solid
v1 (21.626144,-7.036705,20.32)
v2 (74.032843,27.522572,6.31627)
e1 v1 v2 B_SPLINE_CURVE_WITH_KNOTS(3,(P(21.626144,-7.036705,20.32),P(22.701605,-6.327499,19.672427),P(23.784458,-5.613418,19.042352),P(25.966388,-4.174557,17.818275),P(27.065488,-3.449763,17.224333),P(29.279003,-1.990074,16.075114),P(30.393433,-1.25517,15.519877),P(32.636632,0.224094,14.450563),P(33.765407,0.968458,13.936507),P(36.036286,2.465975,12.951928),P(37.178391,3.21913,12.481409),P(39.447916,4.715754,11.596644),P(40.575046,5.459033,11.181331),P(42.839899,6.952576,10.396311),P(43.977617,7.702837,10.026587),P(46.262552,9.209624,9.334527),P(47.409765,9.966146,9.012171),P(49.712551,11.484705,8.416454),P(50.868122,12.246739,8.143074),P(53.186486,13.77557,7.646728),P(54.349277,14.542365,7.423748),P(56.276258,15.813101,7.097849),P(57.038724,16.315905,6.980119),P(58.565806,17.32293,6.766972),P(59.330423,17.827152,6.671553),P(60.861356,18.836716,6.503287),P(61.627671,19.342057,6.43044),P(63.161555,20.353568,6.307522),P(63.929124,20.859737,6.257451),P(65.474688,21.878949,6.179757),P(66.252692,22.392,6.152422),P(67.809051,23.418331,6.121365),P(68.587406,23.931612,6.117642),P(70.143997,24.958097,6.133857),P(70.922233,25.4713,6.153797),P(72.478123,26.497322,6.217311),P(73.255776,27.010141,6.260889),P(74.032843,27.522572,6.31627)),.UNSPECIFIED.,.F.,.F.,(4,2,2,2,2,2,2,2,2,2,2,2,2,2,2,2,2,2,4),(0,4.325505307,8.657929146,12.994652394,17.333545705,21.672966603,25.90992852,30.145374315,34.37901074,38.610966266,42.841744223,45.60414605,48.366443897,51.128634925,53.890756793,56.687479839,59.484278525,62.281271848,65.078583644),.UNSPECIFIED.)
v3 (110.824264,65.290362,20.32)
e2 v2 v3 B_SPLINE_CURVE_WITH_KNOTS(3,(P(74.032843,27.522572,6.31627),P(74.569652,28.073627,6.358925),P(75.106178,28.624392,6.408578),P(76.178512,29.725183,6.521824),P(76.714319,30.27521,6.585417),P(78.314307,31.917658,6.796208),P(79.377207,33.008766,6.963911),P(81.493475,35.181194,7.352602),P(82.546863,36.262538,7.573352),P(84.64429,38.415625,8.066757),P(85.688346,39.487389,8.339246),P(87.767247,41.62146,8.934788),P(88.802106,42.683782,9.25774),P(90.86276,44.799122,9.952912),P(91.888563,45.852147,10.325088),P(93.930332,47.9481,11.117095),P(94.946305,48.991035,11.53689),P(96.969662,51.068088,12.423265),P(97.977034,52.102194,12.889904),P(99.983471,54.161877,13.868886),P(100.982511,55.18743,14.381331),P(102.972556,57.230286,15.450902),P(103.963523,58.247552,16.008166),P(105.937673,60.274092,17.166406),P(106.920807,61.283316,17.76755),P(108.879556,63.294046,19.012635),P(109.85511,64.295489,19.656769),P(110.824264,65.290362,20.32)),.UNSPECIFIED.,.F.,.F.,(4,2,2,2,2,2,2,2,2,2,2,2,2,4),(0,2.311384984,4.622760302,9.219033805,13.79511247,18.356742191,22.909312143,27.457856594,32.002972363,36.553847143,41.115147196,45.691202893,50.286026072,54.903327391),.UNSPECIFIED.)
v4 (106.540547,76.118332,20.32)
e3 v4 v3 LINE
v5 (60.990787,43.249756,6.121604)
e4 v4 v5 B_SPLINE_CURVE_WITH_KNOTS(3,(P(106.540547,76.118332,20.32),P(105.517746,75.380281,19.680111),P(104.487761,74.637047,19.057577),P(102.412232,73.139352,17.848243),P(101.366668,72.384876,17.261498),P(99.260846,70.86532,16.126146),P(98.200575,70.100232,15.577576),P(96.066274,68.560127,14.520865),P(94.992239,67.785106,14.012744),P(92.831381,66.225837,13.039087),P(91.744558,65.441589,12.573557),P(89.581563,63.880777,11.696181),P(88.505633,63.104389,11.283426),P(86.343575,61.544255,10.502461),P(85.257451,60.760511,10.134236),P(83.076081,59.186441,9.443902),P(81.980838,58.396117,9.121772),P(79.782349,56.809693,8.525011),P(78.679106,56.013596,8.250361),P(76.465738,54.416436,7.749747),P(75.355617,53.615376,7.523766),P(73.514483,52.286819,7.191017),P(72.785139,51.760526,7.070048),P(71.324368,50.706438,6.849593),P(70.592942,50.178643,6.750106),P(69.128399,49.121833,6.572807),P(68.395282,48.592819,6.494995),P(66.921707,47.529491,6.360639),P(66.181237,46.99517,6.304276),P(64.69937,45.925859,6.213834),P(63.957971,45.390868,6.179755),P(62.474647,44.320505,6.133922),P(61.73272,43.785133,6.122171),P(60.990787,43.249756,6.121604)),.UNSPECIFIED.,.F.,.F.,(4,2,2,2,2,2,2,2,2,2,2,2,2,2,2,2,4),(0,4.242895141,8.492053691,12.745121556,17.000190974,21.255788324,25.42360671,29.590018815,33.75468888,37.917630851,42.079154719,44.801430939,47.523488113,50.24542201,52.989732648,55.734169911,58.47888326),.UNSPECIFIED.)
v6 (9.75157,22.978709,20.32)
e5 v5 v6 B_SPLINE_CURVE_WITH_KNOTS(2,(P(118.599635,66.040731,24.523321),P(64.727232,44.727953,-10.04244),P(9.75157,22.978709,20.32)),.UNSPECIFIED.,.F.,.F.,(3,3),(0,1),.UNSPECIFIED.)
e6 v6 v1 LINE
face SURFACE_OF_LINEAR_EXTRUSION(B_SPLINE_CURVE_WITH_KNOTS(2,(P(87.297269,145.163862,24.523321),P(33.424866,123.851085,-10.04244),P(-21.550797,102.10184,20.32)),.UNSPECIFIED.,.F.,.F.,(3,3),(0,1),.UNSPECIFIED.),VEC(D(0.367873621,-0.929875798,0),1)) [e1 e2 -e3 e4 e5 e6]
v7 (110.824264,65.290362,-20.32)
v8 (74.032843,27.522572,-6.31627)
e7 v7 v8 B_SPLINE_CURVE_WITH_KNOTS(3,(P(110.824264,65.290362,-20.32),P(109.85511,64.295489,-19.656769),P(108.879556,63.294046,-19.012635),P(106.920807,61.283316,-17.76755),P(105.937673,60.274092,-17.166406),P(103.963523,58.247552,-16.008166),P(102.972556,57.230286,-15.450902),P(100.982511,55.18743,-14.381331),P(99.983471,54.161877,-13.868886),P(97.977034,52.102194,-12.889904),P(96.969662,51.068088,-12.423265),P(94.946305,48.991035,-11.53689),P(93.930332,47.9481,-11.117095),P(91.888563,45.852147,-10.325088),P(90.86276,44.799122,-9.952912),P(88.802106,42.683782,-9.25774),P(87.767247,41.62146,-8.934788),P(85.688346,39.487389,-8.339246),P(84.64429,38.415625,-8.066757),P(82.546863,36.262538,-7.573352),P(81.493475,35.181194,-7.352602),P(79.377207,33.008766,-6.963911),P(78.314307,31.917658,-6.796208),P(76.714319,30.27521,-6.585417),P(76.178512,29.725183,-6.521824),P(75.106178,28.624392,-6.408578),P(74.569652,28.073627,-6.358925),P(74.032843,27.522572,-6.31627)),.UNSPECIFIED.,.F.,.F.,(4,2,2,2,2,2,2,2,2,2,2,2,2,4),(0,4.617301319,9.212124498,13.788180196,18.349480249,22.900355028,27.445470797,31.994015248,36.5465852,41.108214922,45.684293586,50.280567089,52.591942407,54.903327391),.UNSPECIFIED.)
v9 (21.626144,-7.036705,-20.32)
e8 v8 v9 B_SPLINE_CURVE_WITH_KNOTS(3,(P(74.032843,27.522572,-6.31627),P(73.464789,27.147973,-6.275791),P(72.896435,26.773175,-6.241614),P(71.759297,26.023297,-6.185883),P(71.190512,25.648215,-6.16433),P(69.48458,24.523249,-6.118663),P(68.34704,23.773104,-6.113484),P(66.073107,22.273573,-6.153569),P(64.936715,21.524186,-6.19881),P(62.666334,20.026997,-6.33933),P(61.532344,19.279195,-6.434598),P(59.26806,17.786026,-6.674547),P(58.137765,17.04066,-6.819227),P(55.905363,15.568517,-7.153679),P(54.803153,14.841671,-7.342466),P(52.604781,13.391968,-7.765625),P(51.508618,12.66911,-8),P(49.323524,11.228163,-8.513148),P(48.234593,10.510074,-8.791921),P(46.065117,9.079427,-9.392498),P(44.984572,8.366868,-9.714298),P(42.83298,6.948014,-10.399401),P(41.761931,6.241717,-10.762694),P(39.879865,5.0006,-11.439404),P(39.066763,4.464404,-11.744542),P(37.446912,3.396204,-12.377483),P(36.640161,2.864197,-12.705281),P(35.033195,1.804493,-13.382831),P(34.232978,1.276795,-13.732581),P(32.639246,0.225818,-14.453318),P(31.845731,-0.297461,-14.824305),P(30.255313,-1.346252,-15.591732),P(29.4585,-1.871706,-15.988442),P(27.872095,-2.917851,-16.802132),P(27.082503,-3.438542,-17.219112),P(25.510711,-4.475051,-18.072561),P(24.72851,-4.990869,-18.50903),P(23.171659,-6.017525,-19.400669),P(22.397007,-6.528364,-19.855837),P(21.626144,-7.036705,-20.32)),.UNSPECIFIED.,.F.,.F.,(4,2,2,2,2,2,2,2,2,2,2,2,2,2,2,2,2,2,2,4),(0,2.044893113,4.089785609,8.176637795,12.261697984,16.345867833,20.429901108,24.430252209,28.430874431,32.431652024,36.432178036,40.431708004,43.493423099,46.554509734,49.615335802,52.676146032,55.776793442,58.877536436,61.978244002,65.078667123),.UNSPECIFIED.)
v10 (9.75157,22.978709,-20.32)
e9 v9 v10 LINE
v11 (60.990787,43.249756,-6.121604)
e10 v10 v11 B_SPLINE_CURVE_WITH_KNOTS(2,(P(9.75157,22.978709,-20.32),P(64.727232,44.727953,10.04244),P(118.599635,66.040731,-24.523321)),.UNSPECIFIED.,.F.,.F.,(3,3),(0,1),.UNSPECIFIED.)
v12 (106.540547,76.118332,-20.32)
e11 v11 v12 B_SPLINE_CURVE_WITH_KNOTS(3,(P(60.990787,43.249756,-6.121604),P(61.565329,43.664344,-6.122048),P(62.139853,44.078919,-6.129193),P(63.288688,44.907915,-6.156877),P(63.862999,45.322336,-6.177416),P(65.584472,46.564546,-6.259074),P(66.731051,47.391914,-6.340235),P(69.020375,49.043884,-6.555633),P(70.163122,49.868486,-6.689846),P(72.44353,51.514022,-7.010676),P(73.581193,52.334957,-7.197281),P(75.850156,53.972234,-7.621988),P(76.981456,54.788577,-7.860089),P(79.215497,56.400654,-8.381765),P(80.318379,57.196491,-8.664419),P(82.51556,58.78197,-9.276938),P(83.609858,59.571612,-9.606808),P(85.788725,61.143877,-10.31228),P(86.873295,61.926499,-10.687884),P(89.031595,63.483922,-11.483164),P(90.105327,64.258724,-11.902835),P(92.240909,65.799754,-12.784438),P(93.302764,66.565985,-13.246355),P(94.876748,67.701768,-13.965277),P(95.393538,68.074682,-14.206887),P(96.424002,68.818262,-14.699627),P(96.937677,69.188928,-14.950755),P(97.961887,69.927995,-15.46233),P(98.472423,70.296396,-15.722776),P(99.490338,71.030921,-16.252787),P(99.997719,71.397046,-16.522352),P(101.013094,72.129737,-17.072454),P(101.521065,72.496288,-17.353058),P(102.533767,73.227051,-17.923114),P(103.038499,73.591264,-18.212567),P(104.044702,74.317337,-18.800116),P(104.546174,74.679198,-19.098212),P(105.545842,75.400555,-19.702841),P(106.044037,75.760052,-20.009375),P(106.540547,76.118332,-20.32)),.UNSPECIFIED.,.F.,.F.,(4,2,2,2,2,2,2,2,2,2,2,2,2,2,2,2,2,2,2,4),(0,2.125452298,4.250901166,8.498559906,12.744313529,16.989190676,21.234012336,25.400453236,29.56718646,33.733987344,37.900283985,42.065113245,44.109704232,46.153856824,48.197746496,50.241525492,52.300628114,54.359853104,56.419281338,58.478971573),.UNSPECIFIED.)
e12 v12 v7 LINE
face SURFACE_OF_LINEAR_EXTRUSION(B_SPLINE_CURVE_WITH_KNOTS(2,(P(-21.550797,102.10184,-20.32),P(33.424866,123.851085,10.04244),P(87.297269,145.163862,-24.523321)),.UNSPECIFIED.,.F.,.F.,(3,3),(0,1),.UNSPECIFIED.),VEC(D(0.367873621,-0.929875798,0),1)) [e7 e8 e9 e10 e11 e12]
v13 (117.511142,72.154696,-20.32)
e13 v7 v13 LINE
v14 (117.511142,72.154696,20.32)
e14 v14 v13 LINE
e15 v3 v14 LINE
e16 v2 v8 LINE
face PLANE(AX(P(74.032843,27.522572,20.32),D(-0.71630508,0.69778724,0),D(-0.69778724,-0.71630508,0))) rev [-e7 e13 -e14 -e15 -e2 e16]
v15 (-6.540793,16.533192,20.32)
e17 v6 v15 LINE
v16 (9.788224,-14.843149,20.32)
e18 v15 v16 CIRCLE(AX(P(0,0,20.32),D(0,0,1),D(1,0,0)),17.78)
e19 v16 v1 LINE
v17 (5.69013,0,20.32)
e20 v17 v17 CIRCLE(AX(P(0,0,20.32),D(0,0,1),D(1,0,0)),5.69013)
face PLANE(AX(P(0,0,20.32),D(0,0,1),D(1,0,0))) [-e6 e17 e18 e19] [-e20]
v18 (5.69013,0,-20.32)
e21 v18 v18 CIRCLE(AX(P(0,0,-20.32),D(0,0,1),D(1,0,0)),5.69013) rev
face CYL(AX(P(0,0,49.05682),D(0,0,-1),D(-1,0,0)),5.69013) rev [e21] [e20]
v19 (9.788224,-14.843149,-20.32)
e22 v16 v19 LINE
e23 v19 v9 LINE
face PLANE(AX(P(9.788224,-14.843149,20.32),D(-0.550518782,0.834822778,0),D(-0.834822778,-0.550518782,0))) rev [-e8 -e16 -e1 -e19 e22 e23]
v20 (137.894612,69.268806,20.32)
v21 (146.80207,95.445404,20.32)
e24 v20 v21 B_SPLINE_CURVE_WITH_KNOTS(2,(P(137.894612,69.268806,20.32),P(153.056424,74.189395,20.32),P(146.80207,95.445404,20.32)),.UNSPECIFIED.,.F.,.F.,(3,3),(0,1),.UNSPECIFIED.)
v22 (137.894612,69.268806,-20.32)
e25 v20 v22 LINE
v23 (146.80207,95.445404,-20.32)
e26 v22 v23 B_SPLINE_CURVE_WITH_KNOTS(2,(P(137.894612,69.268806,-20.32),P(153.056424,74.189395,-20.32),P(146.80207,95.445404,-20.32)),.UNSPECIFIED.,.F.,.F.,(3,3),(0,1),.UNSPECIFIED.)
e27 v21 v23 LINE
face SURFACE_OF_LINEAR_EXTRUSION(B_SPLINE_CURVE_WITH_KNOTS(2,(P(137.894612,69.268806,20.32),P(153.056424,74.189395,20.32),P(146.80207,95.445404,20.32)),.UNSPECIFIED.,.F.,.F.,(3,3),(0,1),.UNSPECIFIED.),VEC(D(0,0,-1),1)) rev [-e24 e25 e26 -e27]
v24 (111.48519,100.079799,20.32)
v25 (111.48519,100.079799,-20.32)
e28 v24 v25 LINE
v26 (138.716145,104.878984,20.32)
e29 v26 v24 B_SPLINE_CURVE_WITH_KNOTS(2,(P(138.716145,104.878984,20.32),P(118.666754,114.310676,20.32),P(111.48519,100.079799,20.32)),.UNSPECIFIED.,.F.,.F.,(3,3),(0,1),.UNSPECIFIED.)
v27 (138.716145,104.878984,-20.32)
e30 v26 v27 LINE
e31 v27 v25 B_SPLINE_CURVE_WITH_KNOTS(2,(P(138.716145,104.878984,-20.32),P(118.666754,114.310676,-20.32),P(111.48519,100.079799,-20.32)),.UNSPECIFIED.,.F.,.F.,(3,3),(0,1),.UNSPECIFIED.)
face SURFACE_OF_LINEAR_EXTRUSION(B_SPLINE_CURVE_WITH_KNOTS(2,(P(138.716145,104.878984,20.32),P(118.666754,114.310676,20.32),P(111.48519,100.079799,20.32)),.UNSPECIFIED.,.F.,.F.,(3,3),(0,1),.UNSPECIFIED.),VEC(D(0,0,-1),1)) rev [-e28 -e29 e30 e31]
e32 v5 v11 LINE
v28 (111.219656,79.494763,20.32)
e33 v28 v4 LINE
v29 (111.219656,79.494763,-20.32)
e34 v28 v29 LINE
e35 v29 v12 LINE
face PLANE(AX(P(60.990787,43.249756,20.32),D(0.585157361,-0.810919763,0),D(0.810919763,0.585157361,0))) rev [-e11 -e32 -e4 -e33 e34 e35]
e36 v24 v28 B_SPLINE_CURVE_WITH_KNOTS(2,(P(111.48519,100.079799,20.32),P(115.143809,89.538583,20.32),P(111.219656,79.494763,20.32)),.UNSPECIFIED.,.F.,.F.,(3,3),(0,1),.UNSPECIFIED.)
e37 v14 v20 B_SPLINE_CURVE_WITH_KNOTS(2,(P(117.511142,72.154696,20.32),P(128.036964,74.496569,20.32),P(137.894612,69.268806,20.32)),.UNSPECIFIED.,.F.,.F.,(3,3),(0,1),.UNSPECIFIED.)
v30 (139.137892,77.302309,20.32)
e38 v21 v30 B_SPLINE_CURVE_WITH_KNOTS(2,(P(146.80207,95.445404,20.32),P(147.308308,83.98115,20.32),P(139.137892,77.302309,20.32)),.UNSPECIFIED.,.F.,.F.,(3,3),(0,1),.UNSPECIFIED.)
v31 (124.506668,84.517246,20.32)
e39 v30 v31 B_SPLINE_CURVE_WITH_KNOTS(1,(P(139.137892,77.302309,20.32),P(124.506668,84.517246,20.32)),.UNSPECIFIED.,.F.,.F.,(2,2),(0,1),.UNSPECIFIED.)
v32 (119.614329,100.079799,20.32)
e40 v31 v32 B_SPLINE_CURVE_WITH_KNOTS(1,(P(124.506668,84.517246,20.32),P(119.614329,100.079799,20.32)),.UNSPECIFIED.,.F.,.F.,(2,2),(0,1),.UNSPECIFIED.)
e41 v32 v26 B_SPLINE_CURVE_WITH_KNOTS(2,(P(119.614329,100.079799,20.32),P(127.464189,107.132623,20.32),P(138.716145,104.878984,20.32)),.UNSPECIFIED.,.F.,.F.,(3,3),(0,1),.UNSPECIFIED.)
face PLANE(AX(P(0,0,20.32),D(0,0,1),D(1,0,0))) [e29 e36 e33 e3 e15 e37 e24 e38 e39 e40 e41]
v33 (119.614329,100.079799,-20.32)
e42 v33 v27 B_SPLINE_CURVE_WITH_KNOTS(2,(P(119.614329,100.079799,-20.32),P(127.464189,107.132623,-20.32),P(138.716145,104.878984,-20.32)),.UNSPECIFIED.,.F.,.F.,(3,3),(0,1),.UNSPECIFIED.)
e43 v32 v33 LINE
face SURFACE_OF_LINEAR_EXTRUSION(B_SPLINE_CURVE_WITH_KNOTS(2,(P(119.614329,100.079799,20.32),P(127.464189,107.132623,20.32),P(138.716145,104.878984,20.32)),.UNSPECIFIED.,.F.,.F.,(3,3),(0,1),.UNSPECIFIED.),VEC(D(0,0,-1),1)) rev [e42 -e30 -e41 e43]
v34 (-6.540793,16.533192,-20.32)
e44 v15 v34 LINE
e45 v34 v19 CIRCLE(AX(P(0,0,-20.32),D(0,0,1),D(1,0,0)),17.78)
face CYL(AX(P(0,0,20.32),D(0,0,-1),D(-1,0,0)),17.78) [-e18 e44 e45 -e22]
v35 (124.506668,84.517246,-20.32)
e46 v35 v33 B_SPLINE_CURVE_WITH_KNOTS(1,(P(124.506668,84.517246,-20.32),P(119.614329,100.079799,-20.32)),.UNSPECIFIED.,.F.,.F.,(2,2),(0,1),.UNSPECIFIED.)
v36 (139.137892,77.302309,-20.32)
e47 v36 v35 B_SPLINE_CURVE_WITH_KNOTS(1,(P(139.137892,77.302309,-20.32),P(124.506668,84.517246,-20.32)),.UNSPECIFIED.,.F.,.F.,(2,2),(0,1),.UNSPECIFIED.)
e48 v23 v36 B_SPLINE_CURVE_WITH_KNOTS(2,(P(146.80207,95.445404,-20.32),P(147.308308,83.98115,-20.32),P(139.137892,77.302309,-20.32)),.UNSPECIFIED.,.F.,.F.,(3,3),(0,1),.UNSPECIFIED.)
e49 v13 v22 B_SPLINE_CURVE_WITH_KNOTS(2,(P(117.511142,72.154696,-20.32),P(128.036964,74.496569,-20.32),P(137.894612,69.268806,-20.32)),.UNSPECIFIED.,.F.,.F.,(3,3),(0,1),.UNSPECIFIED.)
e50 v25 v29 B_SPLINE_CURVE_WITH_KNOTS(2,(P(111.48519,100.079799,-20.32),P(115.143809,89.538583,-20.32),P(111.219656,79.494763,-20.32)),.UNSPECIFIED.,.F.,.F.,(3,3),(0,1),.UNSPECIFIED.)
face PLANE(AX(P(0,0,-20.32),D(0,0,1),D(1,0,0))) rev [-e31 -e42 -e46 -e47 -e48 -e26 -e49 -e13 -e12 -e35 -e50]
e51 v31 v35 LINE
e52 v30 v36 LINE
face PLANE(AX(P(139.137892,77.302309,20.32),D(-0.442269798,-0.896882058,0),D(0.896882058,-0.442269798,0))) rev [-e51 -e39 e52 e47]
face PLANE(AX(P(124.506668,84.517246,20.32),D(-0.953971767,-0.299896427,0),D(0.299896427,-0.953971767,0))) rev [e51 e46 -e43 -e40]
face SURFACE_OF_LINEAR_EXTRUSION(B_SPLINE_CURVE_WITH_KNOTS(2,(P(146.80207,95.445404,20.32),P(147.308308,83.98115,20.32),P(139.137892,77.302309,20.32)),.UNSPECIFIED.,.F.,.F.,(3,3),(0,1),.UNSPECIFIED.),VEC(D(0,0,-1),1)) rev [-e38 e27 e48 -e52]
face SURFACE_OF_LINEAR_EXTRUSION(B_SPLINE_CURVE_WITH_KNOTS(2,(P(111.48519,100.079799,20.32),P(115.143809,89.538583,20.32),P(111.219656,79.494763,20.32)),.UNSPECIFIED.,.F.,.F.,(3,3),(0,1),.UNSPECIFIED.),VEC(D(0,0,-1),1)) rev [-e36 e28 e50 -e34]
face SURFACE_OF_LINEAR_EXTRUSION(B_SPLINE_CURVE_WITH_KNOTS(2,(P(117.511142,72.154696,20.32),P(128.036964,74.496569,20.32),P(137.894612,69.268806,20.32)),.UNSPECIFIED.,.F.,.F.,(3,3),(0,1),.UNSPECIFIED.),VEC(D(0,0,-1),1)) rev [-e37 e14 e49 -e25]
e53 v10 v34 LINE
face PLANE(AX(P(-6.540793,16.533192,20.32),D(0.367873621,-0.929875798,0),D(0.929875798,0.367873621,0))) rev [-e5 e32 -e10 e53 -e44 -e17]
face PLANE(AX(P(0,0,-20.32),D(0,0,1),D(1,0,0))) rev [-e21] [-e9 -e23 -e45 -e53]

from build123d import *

# Parameters (mm, degrees)
BOSS_EXTRUDE1_DEPTH             = 20.32
BOSS_EXTRUDE1_DEPTH_BACK        = 20.32
SKETCH1_R                       = 10.16
CUT_EXTRUDE2_DEPTH              = 85.09
CUT_EXTRUDE2_DEPTH_BACK         = 85.09
BOSS_EXTRUDE2_REACH             = 187.218
SKETCH4_R                       = 10.16
SKETCH4_R_2                     = 5.690130056
BOSS_EXTRUDE2_DIRECTION_2_REACH = 187.218


with BuildPart() as part:
    # Sketch1 → Boss-Extrude1 (new, two sides: drawn at the far end of the back side and taken through both)
    with BuildSketch(Plane.XY.offset(-BOSS_EXTRUDE1_DEPTH_BACK)):
        with BuildLine():
            Line((-6.540792976, 16.533191684), (60.990787353, 43.249756441))
            Line((60.990787353, 43.249756441), (111.219656073, 79.494763154))
            add(Edge.make_bspline(
                [(111.219656073, 79.494763154), (115.143809103, 89.538582986), (111.485189552, 100.079798905)],
                knots=[0, 0, 0, 1, 1, 1], degree=2))
            add(Edge.make_bspline(
                [(111.485189552, 100.079798905), (118.666753914, 114.310676005), (138.716144692, 104.878983682)],
                knots=[0, 0, 0, 1, 1, 1], degree=2))
            add(Edge.make_bspline(
                [(119.614328761, 100.079798905), (127.464188518, 107.13262314), (138.716144692, 104.878983682)],
                knots=[0, 0, 0, 1, 1, 1], degree=2))
            Line((119.614328761, 100.079798905), (124.506668386, 84.517246437))
            Line((124.506668386, 84.517246437), (139.137891823, 77.302308665))
            add(Edge.make_bspline(
                [(139.137891823, 77.302308665), (147.308308442, 83.981149896), (146.802069804, 95.445404385)],
                knots=[0, 0, 0, 1, 1, 1], degree=2))
            add(Edge.make_bspline(
                [(137.894611709, 69.268806388), (153.056423627, 74.189394673), (146.802069804, 95.445404385)],
                knots=[0, 0, 0, 1, 1, 1], degree=2))
            add(Edge.make_bspline(
                [(117.511141846, 72.154696419), (128.036963673, 74.496569321), (137.894611709, 69.268806388)],
                knots=[0, 0, 0, 1, 1, 1], degree=2))
            Line((117.511141846, 72.154696419), (74.032842511, 27.522572281))
            Line((74.032842511, 27.522572281), (9.788223937, -14.843148998))
            ThreePointArc((9.788223937, -14.843148998), (-15.771973263, -8.208121551), (-6.540792976, 16.533191684))
        make_face()
        Circle(SKETCH1_R, mode=Mode.SUBTRACT)
    extrude(amount=BOSS_EXTRUDE1_DEPTH + BOSS_EXTRUDE1_DEPTH_BACK)

    # Sketch3 → Cut-Extrude2 (cut, two sides: drawn at the far end of the back side and taken through both)
    with BuildSketch(Plane(origin=(-6.540792976, 16.533191684, 0), x_dir=(0.9298757977302595, 0.3678736206844866, 0), z_dir=(-0.3678736206844866, 0.9298757977302596, 0)).offset(-CUT_EXTRUDE2_DEPTH_BACK)):
        with BuildLine():
            Line((17.521009343, 20.32), (69.311227208, 80.494269298))
            Line((69.311227208, 80.494269298), (134.577572969, 24.523321464))
            add(Edge.make_bspline(
                [(17.521009343, 20.32), (76.642520542, -10.04244022), (134.577572969, 24.523321464)],
                knots=[0, 0, 0, 1, 1, 1], degree=2))
        make_face()
        with BuildLine():
            Line((17.521009343, -20.32), (69.311227208, -80.494269298))
            Line((69.311227208, -80.494269298), (134.577572969, -24.523321464))
            add(Edge.make_bspline(
                [(17.521009343, -20.32), (76.642520542, 10.04244022), (134.577572969, -24.523321464)],
                knots=[0, 0, 0, 1, 1, 1], degree=2))
        make_face()
    extrude(amount=CUT_EXTRUDE2_DEPTH + CUT_EXTRUDE2_DEPTH_BACK, mode=Mode.SUBTRACT)

    # Boss-Extrude2: up to this face of the body (flat: up to its plane)
    boss_extrude2_end = Plane(part.part.faces().sort_by_distance((-15.269069271, -7.946397985, 20.32))[0])
    # Sketch4 → Boss-Extrude2 (add, up to the picked face)
    with BuildSketch(Plane.XY, mode=Mode.PRIVATE) as boss_extrude2_sk1:
        Circle(SKETCH4_R)
        Circle(SKETCH4_R_2, mode=Mode.SUBTRACT)
    boss_extrude2_tool1 = split(extrude(boss_extrude2_sk1.sketch, amount=BOSS_EXTRUDE2_REACH, mode=Mode.PRIVATE), bisect_by=boss_extrude2_end, keep=Keep.BOTH, mode=Mode.PRIVATE)
    add(boss_extrude2_tool1.solids().sort_by(Axis((-9.872632, 0, 0), (0, 0, 1)))[0])

    # Boss-Extrude2 direction 2: up to this face of the body (flat: up to its plane)
    boss_extrude2_direction_2_end = Plane(part.part.faces().sort_by_distance((-15.269069271, -7.946397985, -20.32))[0])
    # Sketch4 → Boss-Extrude2 direction 2 (add, up to the picked face)
    with BuildSketch(Plane.XY, mode=Mode.PRIVATE) as boss_extrude2_direction_2_sk1:
        Circle(SKETCH4_R)
        Circle(SKETCH4_R_2, mode=Mode.SUBTRACT)
    boss_extrude2_direction_2_tool1 = split(extrude(boss_extrude2_direction_2_sk1.sketch, amount=-BOSS_EXTRUDE2_DIRECTION_2_REACH, mode=Mode.PRIVATE), bisect_by=boss_extrude2_direction_2_end, keep=Keep.BOTH, mode=Mode.PRIVATE)
    add(boss_extrude2_direction_2_tool1.solids().sort_by(Axis((-9.872632, 0, 0), (0, 0, -1)))[0])


solid = part.part
